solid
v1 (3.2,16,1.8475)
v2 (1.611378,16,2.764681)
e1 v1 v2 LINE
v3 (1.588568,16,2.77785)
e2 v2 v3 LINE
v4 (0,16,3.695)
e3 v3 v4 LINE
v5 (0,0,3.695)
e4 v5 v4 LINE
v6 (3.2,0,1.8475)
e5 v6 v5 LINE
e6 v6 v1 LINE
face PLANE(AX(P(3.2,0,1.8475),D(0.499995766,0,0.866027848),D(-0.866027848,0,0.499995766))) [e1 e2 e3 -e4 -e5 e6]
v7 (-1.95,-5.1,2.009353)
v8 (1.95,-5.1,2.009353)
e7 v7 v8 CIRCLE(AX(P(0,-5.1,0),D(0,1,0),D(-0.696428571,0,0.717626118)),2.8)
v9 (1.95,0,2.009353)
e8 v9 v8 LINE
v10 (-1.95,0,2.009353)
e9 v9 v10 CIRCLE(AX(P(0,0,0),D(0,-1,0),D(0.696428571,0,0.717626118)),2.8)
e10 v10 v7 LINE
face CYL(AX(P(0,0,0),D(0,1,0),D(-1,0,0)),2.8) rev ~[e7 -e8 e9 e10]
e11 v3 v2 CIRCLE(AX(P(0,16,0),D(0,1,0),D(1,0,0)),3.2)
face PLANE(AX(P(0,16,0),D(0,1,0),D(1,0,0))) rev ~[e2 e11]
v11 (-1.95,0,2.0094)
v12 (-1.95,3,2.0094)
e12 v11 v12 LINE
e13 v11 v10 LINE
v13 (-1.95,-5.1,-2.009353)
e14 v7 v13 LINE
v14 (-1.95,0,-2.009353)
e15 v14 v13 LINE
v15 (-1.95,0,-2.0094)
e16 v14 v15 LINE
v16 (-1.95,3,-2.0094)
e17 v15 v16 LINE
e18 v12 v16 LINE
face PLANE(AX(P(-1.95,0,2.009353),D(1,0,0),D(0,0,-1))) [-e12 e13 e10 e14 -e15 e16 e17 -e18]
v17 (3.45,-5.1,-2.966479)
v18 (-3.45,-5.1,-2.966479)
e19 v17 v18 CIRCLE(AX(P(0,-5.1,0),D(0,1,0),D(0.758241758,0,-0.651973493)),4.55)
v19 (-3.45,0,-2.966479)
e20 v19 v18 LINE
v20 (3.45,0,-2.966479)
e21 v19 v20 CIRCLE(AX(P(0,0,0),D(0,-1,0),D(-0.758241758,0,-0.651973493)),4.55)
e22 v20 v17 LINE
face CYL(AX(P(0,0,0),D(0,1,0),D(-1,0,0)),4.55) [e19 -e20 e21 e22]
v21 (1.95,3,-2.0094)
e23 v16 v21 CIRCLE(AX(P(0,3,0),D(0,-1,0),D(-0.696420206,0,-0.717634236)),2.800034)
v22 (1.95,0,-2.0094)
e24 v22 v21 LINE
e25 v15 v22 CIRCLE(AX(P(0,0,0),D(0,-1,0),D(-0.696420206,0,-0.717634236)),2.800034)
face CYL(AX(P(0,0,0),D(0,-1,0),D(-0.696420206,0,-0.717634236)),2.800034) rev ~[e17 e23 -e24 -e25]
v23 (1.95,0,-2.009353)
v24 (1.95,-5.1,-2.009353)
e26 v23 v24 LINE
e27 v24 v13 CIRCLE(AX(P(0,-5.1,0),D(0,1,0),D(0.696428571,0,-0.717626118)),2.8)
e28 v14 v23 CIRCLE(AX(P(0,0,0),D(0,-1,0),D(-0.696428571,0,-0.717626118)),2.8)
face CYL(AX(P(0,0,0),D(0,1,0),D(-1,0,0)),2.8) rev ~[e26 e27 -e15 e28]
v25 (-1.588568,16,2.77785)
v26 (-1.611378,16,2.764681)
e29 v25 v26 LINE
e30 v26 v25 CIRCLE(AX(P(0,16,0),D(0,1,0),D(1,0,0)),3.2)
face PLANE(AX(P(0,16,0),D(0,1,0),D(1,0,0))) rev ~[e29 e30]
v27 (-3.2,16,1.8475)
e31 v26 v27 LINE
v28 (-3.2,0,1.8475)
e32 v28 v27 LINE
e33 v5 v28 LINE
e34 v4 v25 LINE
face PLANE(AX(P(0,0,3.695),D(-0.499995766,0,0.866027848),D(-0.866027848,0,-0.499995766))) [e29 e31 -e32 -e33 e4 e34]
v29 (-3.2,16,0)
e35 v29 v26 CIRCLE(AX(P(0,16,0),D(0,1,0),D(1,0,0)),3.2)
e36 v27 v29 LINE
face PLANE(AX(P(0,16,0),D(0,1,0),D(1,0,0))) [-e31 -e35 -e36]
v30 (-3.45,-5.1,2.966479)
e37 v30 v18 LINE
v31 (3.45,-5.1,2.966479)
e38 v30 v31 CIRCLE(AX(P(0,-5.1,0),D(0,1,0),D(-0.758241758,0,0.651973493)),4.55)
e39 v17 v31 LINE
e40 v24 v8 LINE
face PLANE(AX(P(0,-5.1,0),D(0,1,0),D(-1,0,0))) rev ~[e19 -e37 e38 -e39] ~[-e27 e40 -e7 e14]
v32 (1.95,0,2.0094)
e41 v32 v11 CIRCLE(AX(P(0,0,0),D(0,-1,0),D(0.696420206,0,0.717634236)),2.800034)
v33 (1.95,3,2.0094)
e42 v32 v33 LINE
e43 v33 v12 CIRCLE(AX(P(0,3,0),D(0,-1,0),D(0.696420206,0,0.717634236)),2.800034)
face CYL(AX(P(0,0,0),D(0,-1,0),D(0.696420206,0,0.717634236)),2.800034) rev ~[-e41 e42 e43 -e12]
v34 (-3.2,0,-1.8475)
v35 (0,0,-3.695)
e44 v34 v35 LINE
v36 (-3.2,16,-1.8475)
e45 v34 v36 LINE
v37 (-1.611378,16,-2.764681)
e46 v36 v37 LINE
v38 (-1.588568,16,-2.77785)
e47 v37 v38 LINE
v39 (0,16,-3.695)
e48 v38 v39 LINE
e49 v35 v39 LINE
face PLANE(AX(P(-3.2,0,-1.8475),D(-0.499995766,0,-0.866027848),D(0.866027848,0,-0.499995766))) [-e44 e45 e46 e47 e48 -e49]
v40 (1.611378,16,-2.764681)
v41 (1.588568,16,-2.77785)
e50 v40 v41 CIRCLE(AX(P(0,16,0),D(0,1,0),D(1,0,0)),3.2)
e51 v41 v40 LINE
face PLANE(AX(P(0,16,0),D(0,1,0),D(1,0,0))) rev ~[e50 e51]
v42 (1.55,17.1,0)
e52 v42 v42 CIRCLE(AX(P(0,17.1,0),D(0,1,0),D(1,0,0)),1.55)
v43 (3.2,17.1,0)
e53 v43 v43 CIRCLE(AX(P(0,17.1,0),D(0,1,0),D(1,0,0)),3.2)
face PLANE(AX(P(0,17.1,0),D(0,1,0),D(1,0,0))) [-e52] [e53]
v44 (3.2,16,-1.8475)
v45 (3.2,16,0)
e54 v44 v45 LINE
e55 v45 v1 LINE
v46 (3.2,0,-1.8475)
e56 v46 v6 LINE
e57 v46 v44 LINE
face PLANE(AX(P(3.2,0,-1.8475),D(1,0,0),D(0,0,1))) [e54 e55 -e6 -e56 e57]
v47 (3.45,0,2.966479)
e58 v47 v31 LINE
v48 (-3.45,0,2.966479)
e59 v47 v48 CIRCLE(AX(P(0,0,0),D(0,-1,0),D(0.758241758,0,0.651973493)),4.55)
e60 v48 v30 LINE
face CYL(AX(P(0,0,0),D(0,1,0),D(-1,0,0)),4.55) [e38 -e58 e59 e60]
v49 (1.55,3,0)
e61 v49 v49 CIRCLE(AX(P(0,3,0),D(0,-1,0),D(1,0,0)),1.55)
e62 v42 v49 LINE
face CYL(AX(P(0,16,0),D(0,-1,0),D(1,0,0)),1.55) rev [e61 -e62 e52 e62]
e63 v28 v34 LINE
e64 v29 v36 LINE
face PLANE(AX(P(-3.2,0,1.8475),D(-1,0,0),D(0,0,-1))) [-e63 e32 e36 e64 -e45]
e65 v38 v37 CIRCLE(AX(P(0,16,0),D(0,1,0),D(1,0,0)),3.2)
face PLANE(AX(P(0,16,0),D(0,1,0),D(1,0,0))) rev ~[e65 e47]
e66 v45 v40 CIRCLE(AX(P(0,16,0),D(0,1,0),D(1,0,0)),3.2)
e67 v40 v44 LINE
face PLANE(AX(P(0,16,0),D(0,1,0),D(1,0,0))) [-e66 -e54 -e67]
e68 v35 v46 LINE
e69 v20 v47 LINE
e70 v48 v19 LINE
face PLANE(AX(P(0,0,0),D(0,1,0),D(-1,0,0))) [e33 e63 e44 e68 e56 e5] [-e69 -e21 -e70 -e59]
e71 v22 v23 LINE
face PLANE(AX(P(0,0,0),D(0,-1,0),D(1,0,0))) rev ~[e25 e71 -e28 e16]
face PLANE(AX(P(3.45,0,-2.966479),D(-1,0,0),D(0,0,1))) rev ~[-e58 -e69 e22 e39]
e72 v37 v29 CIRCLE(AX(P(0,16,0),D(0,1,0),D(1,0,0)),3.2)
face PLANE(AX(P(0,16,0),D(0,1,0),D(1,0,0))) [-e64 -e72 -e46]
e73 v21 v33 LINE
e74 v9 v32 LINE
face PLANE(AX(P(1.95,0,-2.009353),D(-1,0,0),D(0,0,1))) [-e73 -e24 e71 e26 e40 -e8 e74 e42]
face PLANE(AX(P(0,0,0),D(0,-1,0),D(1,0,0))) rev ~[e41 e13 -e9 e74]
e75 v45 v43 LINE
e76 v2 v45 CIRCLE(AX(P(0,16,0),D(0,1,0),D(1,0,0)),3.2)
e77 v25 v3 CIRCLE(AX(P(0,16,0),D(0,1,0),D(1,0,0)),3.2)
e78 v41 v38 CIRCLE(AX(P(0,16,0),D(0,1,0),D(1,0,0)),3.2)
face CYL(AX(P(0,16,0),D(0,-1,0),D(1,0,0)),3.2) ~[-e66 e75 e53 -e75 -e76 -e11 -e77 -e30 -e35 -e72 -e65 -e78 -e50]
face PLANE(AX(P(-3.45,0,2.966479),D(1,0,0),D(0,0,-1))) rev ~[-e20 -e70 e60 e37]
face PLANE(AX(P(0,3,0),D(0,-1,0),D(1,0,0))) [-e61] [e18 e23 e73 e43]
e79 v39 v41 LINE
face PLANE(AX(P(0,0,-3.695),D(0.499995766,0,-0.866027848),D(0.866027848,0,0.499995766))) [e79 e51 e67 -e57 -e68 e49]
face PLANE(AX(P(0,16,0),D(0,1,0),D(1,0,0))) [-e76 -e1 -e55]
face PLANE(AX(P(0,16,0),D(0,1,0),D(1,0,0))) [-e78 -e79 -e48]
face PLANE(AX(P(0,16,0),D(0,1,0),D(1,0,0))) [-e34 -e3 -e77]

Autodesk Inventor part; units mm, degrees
ref_plane "YZ Plane" through (0, 0, 0) normal (1, 0, 0) x (0, 1, 0)
ref_plane "XZ Plane" through (0, 0, 0) normal (0, 1, 0) x (-1, 0, 0)
ref_plane "XY Plane" through (0, 0, 0) normal (0, 0, 1) x (1, 0, 0)
sketch "Sketch1" plane through (0, 0, 0) normal (0, 1, 0) x (-1, 0, 0)
  circle A0 centre (0, 0) radius 4.55
  line L0 (3.45, 4.55) -> (3.45, -4.55)
  line L1 (3.45, -4.55) -> (-3.45, -4.55)
  line L2 (-3.45, -4.55) -> (-3.45, 4.55)
  line L3 (-3.45, 4.55) -> (3.45, 4.55)
  line L4 (3.45, 4.55) -> (-3.45, -4.55) construction
  line L5 (3.45, -4.55) -> (-3.45, 4.55) construction
  circle A1 centre (0, 0) radius 2.8
  line L6 (1.95, 2.8) -> (1.95, -2.8)
  line L7 (1.95, -2.8) -> (-1.95, -2.8)
  line L8 (-1.95, -2.8) -> (-1.95, 2.8)
  line L9 (-1.95, 2.8) -> (1.95, 2.8)
  line L10 (1.95, 2.8) -> (-1.95, -2.8) construction
  line L11 (1.95, -2.8) -> (-1.95, 2.8) construction
  point P0 (-3.45, 2.9665)
  point P1 (-3.45, -2.9665)
  point P2 (3.45, -2.9665)
  point P3 (3.45, 2.9665)
  point P4 (-1.95, -2.0094)
  point P5 (-1.95, 2.0094)
  point P6 (1.95, 2.0094)
  point P7 (1.95, -2.0094)
  dimension "d0" = 9.1
  dimension "d1" = 9.1
  dimension "d2" = 6.9
  dimension "d3" = 5.6
  dimension "d4" = 5.6
  dimension "d5" = 3.9
extrude "Extrusion1" add sketch "Sketch1" against normal blind 5.1 contours L0 A0 L2 | A1 L6 | A1 L9 L6 | L6 L7 A1 | A1 L8 L9 | L7 L8 A1 | L8 A1
sketch "Sketch2" plane through (0, 0, 0) normal (0, 1, 0) x (1, 0, 0)
  line L0 (-3.2, 1.8475) -> (0, 3.695)
  line L1 (0, 3.695) -> (3.2, 1.8475)
  line L2 (3.2, 1.8475) -> (3.2, -1.8475)
  line L3 (3.2, -1.8475) -> (0, -3.695)
  line L4 (0, -3.695) -> (-3.2, -1.8475)
  line L5 (-3.2, -1.8475) -> (-3.2, 1.8475)
  circle A0 centre (0, 0) radius 1.55
  dimension "d8" = 6.4
  dimension "d9" = 6.4
  dimension "d10" = 3.1
extrude "Extrusion2" add sketch "Sketch2" along normal blind 16
sketch "Sketch3" plane through (0, 0, 0) normal (0, -1, 0) x (1, 0, 0)
  point P0 (0, 0)
sketch "Sketch4" plane through (0, 0, 0) normal (0, -1, 0) x (1, 0, 0)
  point P0 (0, 0)
sketch "Sketch5" plane through (0, 0, 0) normal (0, -1, 0) x (1, 0, 0)
  circle A0 centre (0, 0) radius 1.55 projected
  line L0 (1.95, -2.0094) -> (1.95, 2.0094) projected
  arc A1 (1.95, 2.0094) -> (-1.95, 2.0094) centre (0, 0) ccw projected
  line L1 (-1.95, 2.0094) -> (-1.95, -2.0094) projected
  arc A2 (-1.95, -2.0094) -> (1.95, -2.0094) centre (0, 0) ccw projected
extrude "Extrusion3" cut sketch "Sketch5" against normal blind 3
sketch "Sketch6" plane through (0, 16, 0) normal (0, 1, 0) x (1, 0, 0)
  circle A0 centre (0, 0) radius 3.2
  circle A1 centre (0, 0) radius 1.55
extrude "Extrusion4" add sketch "Sketch6" along normal blind 1.1
properties part number "motor_to_mecanum_connector"
